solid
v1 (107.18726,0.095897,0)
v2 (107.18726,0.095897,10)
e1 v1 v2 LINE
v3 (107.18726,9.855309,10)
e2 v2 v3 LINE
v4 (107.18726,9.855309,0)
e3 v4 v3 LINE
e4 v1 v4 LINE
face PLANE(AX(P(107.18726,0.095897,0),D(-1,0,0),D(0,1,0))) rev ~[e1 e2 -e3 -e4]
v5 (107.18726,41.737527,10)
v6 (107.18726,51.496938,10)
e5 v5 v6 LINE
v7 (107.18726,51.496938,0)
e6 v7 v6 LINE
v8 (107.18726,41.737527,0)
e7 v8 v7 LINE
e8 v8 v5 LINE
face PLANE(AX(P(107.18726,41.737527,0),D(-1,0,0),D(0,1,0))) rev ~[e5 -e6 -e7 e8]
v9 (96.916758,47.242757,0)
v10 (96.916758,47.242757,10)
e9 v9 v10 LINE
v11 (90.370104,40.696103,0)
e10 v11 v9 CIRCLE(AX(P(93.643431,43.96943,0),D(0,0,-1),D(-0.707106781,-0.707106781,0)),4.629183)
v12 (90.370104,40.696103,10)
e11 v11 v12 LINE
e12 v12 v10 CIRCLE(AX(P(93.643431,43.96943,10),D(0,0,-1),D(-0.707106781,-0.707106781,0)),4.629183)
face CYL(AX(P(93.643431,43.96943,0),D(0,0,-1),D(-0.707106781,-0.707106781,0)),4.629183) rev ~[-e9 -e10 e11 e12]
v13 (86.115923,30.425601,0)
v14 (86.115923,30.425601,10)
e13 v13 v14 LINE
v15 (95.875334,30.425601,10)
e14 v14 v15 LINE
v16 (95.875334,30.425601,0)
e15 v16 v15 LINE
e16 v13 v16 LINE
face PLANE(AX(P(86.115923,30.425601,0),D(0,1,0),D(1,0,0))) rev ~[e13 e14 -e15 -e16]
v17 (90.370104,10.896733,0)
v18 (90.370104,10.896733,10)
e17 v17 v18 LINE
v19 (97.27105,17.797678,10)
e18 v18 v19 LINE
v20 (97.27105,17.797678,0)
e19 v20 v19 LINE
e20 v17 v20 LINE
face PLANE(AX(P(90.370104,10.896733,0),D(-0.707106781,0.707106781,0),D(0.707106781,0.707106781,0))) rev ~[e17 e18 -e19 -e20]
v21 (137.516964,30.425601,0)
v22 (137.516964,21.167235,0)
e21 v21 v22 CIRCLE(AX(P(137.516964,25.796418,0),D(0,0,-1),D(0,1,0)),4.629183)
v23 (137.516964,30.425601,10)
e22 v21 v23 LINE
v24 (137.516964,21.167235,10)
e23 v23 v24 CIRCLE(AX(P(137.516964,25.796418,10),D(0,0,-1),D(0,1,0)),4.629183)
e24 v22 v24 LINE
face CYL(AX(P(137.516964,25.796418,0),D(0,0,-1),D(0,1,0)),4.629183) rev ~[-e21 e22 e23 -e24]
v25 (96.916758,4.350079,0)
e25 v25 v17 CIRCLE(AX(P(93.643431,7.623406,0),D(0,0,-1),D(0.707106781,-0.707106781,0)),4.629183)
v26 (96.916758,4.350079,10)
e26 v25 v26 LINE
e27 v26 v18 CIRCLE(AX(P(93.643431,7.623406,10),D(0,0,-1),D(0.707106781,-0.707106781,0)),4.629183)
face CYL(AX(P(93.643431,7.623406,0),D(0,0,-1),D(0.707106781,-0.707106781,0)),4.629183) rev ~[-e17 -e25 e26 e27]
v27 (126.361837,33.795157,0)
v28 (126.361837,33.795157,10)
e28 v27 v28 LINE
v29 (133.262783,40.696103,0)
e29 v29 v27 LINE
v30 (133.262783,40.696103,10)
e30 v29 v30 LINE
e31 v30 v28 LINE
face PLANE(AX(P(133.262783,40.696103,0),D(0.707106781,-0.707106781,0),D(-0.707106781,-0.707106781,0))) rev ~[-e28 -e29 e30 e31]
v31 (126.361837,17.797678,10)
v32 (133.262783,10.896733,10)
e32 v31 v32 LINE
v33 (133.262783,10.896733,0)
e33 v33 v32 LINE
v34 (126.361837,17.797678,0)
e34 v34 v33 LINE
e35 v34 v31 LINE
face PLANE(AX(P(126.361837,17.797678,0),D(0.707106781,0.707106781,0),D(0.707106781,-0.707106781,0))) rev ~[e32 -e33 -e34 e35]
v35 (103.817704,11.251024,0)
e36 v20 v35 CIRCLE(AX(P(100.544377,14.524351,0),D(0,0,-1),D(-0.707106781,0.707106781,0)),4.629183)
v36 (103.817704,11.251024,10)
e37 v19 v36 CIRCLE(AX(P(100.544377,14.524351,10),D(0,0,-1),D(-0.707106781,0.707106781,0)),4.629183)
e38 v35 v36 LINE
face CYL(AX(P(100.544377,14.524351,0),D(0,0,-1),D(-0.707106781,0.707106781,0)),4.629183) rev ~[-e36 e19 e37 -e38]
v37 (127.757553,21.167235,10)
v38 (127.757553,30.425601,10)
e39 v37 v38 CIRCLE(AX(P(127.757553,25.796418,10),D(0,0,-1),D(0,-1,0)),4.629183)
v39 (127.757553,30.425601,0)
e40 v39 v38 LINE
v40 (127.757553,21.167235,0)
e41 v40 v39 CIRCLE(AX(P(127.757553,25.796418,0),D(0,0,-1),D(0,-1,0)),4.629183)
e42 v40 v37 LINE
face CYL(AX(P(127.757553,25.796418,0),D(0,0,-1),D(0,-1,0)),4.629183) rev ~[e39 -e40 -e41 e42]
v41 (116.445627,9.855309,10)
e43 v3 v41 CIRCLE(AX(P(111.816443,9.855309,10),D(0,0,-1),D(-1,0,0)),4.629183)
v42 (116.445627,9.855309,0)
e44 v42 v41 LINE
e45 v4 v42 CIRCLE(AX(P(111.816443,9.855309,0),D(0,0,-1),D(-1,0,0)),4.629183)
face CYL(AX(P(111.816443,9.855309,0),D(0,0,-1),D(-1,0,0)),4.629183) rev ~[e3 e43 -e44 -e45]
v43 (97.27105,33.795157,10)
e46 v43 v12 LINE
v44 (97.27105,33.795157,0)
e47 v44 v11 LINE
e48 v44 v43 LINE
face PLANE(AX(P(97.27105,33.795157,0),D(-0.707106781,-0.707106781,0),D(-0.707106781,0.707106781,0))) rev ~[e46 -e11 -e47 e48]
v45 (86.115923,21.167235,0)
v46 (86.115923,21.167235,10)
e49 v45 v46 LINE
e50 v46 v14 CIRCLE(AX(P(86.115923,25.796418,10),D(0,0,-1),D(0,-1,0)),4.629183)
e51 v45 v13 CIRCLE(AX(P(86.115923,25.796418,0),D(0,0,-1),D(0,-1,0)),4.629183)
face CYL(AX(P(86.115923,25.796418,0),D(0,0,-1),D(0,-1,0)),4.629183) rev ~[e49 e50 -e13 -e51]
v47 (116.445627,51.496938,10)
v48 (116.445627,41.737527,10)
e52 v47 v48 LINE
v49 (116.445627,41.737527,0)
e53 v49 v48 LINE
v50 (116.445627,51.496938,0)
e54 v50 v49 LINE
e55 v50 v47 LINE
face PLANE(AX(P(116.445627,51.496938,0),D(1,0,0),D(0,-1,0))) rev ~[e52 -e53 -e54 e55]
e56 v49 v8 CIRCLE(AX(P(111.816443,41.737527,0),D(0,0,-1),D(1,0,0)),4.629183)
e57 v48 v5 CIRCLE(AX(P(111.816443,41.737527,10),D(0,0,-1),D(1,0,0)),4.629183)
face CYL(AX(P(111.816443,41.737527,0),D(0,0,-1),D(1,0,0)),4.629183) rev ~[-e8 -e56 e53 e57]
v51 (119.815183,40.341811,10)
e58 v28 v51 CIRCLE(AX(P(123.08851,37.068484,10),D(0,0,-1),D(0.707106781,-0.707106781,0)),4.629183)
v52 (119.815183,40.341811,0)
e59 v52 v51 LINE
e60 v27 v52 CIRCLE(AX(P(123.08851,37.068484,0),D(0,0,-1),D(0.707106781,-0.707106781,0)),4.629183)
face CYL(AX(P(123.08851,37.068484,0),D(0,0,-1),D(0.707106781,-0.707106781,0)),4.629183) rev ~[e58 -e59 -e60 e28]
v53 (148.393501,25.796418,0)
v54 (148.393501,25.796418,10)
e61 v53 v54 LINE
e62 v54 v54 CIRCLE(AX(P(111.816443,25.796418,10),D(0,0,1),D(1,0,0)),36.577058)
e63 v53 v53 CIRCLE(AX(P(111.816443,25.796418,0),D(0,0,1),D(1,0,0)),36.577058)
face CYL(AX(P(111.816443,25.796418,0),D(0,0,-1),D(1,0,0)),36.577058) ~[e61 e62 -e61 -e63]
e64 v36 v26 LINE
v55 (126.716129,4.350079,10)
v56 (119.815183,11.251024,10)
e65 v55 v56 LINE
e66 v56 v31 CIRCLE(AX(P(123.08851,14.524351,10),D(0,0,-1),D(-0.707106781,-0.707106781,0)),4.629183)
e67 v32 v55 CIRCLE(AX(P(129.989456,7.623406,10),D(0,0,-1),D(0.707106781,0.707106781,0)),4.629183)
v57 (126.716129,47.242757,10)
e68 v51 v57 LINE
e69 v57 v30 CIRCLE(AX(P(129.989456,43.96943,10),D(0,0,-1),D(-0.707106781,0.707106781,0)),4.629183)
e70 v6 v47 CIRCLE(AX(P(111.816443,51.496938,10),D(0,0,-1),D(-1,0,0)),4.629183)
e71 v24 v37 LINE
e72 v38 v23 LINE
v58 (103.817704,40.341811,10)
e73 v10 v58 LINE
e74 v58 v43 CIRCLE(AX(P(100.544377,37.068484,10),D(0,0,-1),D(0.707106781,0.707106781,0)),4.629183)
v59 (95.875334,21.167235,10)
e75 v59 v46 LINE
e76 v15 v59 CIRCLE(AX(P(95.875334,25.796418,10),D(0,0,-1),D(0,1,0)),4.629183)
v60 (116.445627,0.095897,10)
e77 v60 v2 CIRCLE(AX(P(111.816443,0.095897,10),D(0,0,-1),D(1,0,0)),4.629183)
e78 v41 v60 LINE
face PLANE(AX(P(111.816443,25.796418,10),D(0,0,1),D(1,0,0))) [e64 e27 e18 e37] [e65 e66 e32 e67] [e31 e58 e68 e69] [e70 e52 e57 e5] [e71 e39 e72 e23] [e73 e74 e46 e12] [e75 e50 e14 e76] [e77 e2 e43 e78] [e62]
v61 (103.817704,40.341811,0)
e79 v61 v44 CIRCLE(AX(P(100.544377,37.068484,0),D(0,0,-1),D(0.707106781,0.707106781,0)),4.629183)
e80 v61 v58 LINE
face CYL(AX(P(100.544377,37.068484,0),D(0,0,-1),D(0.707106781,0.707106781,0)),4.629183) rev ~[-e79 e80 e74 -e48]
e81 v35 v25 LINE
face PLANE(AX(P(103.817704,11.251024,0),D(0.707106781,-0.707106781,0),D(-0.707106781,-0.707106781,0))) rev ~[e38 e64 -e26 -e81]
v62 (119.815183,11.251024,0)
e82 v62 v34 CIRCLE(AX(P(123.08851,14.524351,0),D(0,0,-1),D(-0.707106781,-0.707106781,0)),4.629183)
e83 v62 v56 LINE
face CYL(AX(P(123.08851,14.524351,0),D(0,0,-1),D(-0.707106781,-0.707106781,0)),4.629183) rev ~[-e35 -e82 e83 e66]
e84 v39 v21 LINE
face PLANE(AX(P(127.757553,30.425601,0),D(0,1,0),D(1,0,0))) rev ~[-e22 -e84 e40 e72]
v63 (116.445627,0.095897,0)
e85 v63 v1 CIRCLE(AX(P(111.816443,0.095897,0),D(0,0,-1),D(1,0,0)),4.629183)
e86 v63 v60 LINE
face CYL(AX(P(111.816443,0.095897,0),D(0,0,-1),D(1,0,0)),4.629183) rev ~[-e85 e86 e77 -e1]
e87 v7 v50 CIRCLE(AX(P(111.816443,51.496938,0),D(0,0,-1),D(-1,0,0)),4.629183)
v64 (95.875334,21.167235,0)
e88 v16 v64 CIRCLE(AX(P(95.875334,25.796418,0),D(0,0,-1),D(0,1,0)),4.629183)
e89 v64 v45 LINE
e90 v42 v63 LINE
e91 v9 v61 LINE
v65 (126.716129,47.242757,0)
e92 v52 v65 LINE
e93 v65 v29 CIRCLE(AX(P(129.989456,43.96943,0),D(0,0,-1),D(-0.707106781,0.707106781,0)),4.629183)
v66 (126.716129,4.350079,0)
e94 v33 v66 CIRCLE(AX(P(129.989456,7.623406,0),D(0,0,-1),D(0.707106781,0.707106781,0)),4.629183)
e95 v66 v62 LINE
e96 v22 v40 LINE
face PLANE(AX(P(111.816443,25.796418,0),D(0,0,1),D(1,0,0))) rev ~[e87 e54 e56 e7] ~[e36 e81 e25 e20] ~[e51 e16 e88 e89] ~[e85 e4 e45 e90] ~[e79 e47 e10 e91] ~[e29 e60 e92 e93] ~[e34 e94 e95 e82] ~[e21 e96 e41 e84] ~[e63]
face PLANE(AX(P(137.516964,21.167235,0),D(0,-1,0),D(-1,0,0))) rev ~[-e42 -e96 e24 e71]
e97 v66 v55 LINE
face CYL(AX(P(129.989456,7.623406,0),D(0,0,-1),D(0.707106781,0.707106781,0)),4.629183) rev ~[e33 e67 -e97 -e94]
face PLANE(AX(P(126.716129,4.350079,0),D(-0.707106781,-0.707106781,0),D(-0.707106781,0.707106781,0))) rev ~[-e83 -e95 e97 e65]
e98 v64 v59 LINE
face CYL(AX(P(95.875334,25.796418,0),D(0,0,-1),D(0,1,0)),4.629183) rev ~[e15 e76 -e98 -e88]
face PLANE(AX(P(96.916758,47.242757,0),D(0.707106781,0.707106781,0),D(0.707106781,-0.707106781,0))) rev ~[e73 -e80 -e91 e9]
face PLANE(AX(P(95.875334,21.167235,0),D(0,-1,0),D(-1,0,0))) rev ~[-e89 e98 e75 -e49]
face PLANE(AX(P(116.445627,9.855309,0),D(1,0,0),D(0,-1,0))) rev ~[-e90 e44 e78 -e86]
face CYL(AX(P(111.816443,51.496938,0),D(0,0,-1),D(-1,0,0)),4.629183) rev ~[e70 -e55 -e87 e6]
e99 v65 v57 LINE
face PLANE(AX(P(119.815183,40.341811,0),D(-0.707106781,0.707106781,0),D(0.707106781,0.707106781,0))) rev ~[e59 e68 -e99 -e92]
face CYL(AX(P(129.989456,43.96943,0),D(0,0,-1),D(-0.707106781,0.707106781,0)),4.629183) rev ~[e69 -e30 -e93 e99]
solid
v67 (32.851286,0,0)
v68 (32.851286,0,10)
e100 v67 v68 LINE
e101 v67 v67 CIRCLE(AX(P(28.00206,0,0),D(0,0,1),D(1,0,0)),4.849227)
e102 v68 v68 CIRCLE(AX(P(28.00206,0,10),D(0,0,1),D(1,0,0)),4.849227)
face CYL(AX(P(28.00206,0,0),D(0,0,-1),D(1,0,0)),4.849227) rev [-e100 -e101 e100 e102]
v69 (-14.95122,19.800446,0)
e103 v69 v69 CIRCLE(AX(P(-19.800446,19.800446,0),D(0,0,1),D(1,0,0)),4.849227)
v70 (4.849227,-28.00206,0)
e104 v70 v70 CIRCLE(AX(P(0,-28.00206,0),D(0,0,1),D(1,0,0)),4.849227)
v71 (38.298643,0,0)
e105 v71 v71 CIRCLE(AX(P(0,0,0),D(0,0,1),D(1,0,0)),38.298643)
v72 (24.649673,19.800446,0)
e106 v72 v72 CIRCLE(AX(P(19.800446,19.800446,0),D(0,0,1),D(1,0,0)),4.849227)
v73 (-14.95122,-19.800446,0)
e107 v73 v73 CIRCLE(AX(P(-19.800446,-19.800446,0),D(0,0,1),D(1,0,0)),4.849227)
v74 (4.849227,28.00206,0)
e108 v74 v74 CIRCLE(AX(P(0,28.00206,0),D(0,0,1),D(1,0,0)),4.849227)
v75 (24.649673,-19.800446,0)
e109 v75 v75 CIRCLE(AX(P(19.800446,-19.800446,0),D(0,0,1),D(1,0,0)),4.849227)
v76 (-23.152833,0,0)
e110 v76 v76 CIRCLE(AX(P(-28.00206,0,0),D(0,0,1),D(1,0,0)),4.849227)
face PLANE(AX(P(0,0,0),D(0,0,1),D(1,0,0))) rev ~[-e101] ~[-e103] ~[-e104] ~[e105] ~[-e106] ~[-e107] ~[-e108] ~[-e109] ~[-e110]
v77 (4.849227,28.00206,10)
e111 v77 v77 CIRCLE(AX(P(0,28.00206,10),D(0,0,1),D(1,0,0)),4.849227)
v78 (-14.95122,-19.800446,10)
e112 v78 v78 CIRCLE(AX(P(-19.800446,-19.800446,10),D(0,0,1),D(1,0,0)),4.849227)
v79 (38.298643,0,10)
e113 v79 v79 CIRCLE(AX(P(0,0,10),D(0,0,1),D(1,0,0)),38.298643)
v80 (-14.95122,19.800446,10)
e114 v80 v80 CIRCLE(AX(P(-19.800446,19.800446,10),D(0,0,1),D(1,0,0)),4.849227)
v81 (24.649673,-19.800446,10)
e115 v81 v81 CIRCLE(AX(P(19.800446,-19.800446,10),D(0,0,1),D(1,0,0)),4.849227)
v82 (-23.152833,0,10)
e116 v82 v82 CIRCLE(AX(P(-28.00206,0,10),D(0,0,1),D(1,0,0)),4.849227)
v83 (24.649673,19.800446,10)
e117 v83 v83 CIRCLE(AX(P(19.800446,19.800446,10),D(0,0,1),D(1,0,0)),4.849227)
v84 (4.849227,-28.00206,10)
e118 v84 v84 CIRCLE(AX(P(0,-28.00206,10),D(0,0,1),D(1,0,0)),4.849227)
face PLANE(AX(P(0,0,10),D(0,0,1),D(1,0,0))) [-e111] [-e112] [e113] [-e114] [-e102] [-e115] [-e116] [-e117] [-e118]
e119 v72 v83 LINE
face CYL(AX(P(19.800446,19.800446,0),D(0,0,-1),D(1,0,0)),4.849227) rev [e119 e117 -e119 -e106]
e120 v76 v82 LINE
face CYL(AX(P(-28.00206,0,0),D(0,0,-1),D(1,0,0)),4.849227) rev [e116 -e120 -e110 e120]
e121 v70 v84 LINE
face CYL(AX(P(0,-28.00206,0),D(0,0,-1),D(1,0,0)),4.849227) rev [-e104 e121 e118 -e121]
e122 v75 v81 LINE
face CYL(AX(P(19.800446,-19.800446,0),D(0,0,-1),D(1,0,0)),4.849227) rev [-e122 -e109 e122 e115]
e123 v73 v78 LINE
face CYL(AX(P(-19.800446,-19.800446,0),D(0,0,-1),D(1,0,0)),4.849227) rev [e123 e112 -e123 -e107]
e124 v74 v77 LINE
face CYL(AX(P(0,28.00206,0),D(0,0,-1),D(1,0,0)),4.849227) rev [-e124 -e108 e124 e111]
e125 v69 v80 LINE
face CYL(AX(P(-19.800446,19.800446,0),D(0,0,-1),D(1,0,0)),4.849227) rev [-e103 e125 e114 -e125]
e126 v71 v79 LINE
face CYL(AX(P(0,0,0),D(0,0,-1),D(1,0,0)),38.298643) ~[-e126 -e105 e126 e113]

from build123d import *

# Parameters (mm, degrees)
SKETCH1_R             = 38.298642763
SKETCH1_R_2           = 4.849226706
BOSS_EXTRUDE1_DEPTH   = 10
SKETCH1_R_3           = 36.577057953
BOSS_EXTRUDE1_2_DEPTH = 10


with BuildPart() as part:
    # Sketch1 → Boss-Extrude1 (new body)
    with BuildSketch(Plane.XY):
        Circle(SKETCH1_R)
        with Locations((28.002059603, 0)):
            Circle(SKETCH1_R_2, mode=Mode.SUBTRACT)
        with Locations((19.800446232, -19.800446232)):
            Circle(SKETCH1_R_2, mode=Mode.SUBTRACT)
        with Locations((0, -28.002059603)):
            Circle(SKETCH1_R_2, mode=Mode.SUBTRACT)
        with Locations((-19.800446232, -19.800446232)):
            Circle(SKETCH1_R_2, mode=Mode.SUBTRACT)
        with Locations((-28.002059603, 0)):
            Circle(SKETCH1_R_2, mode=Mode.SUBTRACT)
        with Locations((-19.800446232, 19.800446232)):
            Circle(SKETCH1_R_2, mode=Mode.SUBTRACT)
        with Locations((0, 28.002059603)):
            Circle(SKETCH1_R_2, mode=Mode.SUBTRACT)
        with Locations((19.800446232, 19.800446232)):
            Circle(SKETCH1_R_2, mode=Mode.SUBTRACT)
    extrude(amount=BOSS_EXTRUDE1_DEPTH)


with BuildPart() as body_2:
    # Sketch1 → Boss-Extrude1 2 (new body)
    with BuildSketch(Plane.XY):
        with Locations((111.816443481, 25.796417922)):
            Circle(SKETCH1_R_3)
        with BuildLine():
            Line((127.757552755, 30.425601298), (137.516963938, 30.425601298))
            ThreePointArc((137.516963938, 30.425601298), (142.146147315, 25.796417922), (137.516963938, 21.167234545))
            Line((137.516963938, 21.167234545), (127.757552755, 21.167234545))
            ThreePointArc((127.757552755, 21.167234545), (123.128369378, 25.796417922), (127.757552755, 30.425601298))
        make_face(mode=Mode.SUBTRACT)
        with BuildLine():
            Line((126.361836905, 17.797678412), (133.262782733, 10.896732583))
            ThreePointArc((133.262782733, 10.896732583), (133.262782733, 4.35007867), (126.71612882, 4.35007867))
            Line((126.71612882, 4.35007867), (119.815182991, 11.251024498))
            ThreePointArc((119.815182991, 11.251024498), (119.815182991, 17.797678412), (126.361836905, 17.797678412))
        make_face(mode=Mode.SUBTRACT)
        with BuildLine():
            Line((116.445626858, 9.855308648), (116.445626858, 0.095897464))
            ThreePointArc((116.445626858, 0.095897464), (111.816443481, -4.533285912), (107.187260105, 0.095897464))
            Line((107.187260105, 0.095897464), (107.187260105, 9.855308648))
            ThreePointArc((107.187260105, 9.855308648), (111.816443481, 14.484492025), (116.445626858, 9.855308648))
        make_face(mode=Mode.SUBTRACT)
        with BuildLine():
            Line((103.817703971, 11.251024498), (96.916758143, 4.35007867))
            ThreePointArc((96.916758143, 4.35007867), (90.370104229, 4.35007867), (90.370104229, 10.896732583))
            Line((90.370104229, 10.896732583), (97.271050058, 17.797678412))
            ThreePointArc((97.271050058, 17.797678412), (103.817703971, 17.797678412), (103.817703971, 11.251024498))
        make_face(mode=Mode.SUBTRACT)
        with BuildLine():
            Line((95.875334208, 21.167234545), (86.115923024, 21.167234545))
            ThreePointArc((86.115923024, 21.167234545), (81.486739648, 25.796417922), (86.115923024, 30.425601298))
            Line((86.115923024, 30.425601298), (95.875334208, 30.425601298))
            ThreePointArc((95.875334208, 30.425601298), (100.504517584, 25.796417922), (95.875334208, 21.167234545))
        make_face(mode=Mode.SUBTRACT)
        with BuildLine():
            Line((97.271050058, 33.795157432), (90.370104229, 40.69610326))
            ThreePointArc((90.370104229, 40.69610326), (90.370104229, 47.242757173), (96.916758143, 47.242757173))
            Line((96.916758143, 47.242757173), (103.817703971, 40.341811345))
            ThreePointArc((103.817703971, 40.341811345), (103.817703971, 33.795157432), (97.271050058, 33.795157432))
        make_face(mode=Mode.SUBTRACT)
        with BuildLine():
            Line((107.187260105, 41.737527195), (107.187260105, 51.496938379))
            ThreePointArc((107.187260105, 51.496938379), (111.816443481, 56.126121755), (116.445626858, 51.496938379))
            Line((116.445626858, 51.496938379), (116.445626858, 41.737527195))
            ThreePointArc((116.445626858, 41.737527195), (111.816443481, 37.108343818), (107.187260105, 41.737527195))
        make_face(mode=Mode.SUBTRACT)
        with BuildLine():
            Line((119.815182991, 40.341811345), (126.71612882, 47.242757173))
            ThreePointArc((126.71612882, 47.242757173), (133.262782733, 47.242757173), (133.262782733, 40.69610326))
            Line((133.262782733, 40.69610326), (126.361836905, 33.795157432))
            ThreePointArc((126.361836905, 33.795157432), (119.815182991, 33.795157432), (119.815182991, 40.341811345))
        make_face(mode=Mode.SUBTRACT)
    extrude(amount=BOSS_EXTRUDE1_2_DEPTH)


solid = Compound([part.part, body_2.part])
